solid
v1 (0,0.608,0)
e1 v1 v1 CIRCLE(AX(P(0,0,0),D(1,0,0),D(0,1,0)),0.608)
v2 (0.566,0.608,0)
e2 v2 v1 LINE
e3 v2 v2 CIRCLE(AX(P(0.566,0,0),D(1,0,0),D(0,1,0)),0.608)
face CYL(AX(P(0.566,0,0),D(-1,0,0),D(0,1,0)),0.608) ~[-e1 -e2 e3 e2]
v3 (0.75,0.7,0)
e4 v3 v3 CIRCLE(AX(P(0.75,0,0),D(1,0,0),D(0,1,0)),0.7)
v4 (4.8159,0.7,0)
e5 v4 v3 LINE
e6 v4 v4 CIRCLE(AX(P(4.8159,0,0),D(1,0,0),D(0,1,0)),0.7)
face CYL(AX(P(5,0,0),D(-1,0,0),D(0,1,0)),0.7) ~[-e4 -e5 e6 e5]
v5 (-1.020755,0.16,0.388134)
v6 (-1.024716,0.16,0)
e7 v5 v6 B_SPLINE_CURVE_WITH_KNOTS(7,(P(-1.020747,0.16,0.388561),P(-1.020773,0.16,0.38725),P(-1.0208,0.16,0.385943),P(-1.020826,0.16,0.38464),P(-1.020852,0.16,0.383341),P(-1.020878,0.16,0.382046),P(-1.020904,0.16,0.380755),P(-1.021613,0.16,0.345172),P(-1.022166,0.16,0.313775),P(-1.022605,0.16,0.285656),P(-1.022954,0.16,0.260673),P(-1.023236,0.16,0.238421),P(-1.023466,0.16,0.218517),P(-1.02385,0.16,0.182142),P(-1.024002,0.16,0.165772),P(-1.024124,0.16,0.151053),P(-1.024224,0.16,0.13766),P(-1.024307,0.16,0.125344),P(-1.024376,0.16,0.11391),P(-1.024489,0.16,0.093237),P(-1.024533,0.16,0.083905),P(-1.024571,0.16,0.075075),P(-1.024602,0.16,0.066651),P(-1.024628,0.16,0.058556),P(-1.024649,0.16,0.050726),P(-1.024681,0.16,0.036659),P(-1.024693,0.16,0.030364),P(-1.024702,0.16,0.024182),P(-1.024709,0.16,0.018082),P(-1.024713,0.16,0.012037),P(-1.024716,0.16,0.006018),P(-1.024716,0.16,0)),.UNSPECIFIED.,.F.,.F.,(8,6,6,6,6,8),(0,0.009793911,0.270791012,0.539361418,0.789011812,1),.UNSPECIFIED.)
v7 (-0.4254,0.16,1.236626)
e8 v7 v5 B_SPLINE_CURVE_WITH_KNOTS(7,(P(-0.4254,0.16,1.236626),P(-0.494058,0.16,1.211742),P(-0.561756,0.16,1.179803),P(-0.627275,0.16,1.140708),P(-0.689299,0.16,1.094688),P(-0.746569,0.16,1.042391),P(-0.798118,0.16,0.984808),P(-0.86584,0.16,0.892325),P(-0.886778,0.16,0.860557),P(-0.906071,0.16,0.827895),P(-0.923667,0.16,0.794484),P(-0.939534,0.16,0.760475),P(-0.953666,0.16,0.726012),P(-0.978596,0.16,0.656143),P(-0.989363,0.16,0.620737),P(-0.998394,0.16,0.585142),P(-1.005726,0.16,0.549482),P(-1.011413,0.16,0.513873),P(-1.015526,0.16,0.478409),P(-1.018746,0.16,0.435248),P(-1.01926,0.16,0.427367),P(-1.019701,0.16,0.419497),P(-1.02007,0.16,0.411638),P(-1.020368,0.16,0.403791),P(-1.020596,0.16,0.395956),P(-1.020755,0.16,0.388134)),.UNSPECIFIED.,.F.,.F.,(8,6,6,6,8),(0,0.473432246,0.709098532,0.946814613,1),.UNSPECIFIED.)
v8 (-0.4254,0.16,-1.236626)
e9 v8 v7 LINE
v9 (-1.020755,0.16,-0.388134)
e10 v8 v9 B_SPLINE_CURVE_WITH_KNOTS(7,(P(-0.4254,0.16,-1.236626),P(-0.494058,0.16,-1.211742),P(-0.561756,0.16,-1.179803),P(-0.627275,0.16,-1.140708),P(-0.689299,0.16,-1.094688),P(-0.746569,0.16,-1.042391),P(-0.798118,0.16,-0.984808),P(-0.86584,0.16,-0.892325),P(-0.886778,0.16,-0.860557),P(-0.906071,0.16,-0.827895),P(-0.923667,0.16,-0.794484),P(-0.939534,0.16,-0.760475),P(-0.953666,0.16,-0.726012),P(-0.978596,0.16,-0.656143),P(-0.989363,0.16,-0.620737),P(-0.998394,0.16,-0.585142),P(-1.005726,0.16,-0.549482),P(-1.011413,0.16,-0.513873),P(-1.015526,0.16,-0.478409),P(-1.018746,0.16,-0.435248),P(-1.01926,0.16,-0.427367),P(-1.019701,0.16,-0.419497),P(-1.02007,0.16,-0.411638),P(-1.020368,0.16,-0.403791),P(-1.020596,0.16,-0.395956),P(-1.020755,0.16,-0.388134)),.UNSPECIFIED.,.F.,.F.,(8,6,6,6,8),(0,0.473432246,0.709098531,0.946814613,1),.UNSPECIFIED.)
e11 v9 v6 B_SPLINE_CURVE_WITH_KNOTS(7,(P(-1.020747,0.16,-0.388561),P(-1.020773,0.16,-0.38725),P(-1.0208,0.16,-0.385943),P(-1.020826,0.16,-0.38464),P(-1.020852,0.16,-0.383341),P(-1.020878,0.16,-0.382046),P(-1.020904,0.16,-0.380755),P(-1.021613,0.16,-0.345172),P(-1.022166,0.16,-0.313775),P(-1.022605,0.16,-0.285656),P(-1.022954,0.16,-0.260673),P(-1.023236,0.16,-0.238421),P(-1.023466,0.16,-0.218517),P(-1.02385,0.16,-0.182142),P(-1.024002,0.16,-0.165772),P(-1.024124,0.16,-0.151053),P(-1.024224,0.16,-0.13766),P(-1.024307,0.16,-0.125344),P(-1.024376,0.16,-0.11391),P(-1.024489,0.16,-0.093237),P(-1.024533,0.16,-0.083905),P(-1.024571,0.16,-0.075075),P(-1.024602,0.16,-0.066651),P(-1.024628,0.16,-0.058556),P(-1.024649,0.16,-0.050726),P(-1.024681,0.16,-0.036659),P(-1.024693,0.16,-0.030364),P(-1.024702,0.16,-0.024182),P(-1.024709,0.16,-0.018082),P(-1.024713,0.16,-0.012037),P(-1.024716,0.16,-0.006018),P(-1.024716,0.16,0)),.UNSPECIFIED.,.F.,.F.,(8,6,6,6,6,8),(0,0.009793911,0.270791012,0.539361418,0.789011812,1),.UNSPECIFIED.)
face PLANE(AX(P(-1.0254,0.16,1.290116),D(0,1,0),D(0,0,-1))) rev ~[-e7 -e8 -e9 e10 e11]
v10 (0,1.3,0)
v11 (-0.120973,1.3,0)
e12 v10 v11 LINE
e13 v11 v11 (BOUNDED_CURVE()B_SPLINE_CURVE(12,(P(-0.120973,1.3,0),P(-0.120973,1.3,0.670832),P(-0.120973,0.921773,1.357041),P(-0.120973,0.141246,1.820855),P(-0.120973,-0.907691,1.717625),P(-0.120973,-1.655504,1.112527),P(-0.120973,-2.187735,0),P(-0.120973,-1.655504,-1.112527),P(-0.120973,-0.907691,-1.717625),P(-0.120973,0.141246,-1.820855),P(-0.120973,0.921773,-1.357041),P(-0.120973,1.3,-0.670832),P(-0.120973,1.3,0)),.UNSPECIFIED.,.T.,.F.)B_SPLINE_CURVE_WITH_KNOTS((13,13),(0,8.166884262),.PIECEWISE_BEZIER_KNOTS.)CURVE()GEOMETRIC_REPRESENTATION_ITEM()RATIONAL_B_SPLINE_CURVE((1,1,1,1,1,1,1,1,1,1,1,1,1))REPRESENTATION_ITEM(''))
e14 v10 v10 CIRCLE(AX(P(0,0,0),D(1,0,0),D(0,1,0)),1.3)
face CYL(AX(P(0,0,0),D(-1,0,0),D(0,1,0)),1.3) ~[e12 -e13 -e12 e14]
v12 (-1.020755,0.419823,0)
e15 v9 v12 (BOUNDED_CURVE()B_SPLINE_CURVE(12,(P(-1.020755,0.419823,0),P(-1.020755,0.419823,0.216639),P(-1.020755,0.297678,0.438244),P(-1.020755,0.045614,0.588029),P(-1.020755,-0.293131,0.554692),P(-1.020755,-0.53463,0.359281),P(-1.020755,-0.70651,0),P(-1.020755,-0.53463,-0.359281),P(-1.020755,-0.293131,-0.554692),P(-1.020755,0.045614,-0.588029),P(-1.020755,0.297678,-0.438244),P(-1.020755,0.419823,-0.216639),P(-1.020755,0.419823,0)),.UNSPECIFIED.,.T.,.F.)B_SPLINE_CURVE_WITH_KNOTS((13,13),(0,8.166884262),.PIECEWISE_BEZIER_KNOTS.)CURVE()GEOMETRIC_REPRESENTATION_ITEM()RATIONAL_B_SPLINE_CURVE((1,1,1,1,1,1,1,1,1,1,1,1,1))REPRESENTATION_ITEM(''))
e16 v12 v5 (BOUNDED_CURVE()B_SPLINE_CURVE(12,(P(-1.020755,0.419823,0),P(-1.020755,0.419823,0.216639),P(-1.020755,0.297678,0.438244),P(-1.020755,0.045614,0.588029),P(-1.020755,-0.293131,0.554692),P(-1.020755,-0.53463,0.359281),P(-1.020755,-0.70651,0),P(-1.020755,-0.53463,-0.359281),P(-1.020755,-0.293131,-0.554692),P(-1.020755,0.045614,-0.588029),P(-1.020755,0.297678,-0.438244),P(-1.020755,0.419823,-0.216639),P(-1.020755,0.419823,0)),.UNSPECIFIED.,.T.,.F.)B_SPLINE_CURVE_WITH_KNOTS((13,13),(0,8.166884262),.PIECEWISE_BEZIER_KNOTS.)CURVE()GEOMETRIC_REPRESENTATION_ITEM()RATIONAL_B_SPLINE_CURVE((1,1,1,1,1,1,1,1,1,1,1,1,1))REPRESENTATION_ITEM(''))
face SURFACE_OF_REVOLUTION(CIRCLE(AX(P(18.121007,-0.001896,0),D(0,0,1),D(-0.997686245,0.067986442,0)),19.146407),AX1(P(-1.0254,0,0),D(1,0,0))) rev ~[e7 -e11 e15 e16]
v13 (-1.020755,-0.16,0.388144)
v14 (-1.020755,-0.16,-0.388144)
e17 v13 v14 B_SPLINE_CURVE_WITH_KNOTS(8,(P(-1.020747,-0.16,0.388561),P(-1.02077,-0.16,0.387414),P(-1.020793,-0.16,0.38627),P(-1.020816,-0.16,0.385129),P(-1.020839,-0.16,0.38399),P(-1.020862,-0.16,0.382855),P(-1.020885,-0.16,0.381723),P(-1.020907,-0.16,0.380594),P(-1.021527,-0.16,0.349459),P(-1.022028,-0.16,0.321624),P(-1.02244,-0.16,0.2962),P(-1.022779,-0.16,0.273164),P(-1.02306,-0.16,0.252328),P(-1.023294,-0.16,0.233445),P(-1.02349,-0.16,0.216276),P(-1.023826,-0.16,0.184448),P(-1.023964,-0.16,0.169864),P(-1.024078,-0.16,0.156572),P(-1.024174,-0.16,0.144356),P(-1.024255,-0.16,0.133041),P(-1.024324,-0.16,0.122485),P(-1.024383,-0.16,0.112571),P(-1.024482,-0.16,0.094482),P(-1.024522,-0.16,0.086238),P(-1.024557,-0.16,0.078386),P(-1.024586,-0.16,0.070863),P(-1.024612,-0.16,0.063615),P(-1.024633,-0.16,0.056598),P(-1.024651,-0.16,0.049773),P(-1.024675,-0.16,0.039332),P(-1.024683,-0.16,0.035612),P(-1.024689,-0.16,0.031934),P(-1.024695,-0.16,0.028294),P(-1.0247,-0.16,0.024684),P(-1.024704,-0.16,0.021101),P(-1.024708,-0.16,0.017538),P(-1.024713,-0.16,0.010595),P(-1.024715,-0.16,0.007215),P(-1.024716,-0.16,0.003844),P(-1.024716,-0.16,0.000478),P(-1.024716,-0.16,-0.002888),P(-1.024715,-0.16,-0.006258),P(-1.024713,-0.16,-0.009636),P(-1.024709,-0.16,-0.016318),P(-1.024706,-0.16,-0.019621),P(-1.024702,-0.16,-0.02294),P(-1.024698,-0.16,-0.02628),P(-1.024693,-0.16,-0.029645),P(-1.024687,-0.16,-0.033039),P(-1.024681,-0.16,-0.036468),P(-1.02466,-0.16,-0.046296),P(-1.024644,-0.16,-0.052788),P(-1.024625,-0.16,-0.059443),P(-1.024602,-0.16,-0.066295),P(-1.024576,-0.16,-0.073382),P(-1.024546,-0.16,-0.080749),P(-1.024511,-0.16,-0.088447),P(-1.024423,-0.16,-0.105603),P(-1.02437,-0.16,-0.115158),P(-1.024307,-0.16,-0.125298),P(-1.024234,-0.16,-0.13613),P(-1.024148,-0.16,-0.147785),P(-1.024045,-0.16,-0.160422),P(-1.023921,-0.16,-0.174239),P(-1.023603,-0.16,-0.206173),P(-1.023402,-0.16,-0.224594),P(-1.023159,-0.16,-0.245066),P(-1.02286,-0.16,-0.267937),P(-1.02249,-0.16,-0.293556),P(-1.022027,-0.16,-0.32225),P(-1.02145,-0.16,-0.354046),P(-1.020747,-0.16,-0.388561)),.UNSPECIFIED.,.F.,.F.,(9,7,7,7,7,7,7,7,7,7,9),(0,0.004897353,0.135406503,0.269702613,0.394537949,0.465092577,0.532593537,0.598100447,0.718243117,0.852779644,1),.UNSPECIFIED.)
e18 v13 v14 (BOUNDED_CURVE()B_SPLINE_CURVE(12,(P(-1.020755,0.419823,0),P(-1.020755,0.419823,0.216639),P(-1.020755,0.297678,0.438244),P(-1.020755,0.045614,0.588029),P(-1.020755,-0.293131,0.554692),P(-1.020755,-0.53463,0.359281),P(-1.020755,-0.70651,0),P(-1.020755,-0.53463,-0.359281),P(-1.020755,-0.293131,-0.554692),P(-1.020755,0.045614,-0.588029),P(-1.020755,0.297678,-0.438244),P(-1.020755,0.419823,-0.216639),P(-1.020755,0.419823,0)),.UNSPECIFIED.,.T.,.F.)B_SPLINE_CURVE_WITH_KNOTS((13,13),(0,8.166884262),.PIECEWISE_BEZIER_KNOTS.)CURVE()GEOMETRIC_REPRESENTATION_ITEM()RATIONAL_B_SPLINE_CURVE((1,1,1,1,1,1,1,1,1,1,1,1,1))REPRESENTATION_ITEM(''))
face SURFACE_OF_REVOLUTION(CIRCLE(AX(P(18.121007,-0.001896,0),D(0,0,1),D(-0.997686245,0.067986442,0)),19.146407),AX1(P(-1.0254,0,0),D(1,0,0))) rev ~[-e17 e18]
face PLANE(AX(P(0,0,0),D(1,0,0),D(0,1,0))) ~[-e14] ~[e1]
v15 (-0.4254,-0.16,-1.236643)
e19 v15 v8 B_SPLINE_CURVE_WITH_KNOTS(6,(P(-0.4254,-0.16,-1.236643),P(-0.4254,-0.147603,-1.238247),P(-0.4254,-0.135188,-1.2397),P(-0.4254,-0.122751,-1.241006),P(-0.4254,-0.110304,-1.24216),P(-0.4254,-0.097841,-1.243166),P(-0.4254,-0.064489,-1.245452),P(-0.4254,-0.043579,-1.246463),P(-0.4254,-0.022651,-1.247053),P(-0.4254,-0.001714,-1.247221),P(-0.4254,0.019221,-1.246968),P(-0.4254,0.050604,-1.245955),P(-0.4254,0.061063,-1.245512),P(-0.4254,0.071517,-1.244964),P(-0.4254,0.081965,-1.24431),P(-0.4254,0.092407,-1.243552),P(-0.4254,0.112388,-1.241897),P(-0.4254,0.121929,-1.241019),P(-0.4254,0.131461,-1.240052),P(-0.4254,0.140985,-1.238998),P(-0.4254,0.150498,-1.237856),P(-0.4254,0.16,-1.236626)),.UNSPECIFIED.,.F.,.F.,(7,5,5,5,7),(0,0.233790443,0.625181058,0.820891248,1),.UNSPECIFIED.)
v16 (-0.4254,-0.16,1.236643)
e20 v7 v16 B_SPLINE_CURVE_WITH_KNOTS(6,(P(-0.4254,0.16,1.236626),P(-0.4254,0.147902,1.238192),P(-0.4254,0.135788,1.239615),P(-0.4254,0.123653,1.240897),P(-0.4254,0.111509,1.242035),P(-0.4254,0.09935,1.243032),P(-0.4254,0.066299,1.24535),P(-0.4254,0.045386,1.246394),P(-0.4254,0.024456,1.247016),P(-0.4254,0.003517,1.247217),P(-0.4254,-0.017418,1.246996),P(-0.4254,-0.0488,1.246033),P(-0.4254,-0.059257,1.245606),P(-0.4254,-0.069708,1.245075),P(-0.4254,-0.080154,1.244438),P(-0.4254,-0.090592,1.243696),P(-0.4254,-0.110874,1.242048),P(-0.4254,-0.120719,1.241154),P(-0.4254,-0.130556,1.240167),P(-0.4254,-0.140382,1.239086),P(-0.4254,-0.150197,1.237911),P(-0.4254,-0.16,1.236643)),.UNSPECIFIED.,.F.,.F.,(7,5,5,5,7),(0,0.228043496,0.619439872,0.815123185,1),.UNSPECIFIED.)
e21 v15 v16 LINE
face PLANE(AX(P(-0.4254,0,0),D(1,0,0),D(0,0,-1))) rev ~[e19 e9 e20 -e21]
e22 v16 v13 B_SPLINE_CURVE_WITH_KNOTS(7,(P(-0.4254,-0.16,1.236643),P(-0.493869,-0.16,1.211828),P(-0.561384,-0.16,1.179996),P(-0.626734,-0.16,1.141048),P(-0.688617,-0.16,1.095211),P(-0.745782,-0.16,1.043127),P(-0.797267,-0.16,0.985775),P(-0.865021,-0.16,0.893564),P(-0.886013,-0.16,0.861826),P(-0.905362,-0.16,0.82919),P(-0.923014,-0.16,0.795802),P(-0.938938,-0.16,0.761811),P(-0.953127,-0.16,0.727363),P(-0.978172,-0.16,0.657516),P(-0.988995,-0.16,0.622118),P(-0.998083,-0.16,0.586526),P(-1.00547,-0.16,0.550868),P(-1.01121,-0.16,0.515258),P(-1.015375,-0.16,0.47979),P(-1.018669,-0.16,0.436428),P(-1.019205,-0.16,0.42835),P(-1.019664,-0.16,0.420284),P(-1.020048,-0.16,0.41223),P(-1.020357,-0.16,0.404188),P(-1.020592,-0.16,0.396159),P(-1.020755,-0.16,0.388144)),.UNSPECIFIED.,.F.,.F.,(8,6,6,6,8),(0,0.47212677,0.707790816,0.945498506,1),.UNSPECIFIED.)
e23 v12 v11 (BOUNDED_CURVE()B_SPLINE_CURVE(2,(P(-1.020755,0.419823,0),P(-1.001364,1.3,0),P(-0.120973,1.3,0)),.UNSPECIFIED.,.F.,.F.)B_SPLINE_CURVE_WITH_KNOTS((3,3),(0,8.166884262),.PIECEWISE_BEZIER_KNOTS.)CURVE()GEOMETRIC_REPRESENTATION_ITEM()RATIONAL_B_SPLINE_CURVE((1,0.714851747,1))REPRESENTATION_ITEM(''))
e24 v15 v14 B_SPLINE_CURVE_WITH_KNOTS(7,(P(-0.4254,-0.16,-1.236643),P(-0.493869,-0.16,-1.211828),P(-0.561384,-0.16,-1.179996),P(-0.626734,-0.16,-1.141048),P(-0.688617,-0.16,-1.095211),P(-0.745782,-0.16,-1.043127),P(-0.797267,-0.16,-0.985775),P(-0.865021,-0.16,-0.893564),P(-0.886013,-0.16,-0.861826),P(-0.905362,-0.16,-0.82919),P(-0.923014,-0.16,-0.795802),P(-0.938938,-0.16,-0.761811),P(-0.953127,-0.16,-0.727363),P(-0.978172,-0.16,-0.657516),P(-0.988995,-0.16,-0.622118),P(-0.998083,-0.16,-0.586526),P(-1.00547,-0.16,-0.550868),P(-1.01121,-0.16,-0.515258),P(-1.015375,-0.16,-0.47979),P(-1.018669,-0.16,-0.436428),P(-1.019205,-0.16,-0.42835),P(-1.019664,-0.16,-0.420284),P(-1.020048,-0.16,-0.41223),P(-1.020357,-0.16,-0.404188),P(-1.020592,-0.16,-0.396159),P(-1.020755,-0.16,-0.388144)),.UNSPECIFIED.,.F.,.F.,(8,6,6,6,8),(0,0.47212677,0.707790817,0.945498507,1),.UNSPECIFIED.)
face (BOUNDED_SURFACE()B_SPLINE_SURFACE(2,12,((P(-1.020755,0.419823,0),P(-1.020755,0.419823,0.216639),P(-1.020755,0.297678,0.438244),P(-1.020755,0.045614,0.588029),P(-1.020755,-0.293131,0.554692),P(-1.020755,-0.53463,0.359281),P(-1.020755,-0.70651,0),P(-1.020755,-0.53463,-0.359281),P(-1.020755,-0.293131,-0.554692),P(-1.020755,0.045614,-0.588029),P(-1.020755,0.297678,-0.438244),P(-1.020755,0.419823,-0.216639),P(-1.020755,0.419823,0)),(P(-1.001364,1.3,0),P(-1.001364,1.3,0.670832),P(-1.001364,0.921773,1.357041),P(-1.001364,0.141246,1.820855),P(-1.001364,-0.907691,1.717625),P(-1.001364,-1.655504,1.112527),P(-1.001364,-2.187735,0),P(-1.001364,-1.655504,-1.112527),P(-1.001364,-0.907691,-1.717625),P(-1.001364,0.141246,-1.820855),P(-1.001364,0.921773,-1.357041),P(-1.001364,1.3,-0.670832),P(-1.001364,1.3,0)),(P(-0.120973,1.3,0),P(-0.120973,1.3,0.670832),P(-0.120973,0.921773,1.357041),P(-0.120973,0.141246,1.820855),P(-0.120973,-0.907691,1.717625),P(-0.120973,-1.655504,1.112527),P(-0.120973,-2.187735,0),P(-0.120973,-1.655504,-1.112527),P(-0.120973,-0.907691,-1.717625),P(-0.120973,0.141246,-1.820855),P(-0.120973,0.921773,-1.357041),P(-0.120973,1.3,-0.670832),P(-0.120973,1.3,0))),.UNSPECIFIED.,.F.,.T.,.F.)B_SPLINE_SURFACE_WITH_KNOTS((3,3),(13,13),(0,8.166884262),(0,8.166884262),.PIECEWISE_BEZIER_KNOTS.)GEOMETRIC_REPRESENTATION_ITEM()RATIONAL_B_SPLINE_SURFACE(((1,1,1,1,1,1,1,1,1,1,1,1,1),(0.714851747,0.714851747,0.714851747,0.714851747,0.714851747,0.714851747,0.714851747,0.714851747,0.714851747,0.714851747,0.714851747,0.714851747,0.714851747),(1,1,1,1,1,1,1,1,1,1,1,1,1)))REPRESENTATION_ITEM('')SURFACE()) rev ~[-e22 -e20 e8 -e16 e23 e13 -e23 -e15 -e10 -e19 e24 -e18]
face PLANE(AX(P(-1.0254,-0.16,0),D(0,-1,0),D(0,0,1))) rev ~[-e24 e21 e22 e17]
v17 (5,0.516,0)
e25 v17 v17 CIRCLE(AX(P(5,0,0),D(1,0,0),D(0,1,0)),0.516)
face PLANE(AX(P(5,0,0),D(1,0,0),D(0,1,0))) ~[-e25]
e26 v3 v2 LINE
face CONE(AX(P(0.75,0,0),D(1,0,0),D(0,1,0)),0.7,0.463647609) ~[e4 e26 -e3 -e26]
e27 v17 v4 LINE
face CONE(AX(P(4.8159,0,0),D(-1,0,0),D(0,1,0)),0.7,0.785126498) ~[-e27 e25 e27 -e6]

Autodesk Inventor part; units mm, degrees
ref_plane "YZ Plane" through (0, 0, 0) normal (1, 0, 0) x (0, 1, 0)
sketch "Sketch1" plane through (0, 0, 0) normal (0, 0, 1) x (1, 0, 0)
  line L0 (-1.0254, 0) -> (5, 0)
  line L1 (5, 0) -> (5, 0.7)
  line L2 (5, 0.7) -> (0.75, 0.7)
  line L3 (0.75, 0.7) -> (0.566, 0.608)
  line L4 (0.566, 0.608) -> (0, 0.608)
  line L5 (0, 0.608) -> (0, 1.3)
  line L6 (-4.8605, 0) -> (21.908, 0) projected
  line L7 (0, -0.26) -> (0, 1.5602) projected
  line L8 (0, 1.3) -> (-0.9811, 1.2998)
  arc A0 (-0.9811, 1.2998) -> (-1.0254, 0) centre (18.0839, 0) ccw
  dimension "d0" = 5
  dimension "d1" = 4.25
  dimension "d2" = 0.184
  dimension "d3" = 1.0254
  dimension "d4" = 1.4
  dimension "d5" = 1.216
  dimension "d9" = 2.6
  dimension "d10" = 0.01
  dimension "d15" = 19.1093
revolve "Body" add sketch "Sketch1" angle 360 about axis through (-1.0254, 0, 0) along (1, 0, 0)
fillet "Fillet1" radius 0.9 1 edges at (-0.9811, -1.2998, 0)
ref_plane "IDS_WORKPLANE{1}" through (-1.0254, 0, 0) normal (1, 0, 0) x (0, 0, -1)
sketch "Sketch2" plane through (-1.0254, 0, 0) normal (1, 0, 0) x (0, 0, -1)
  line L0 (0, -1.82) -> (0, 1.82) projected
  line L1 (1.82, 0) -> (-1.82, 0) projected
  line L2 (-1.3, 0.16) -> (1.3, 0.16)
  line L3 (1.3, 0.16) -> (1.3, -0.16)
  line L4 (1.3, -0.16) -> (-1.3, -0.16)
  line L5 (-1.3, -0.16) -> (-1.3, 0.16)
  line L6 (0, 0.16) -> (0, -0.16) construction
  line L7 (-1.3, 0) -> (1.3, 0) construction
  circle A0 centre (0, 0) radius 1.3 projected
  dimension "d17" = 0.32
extrude "Slot" cut sketch "Sketch2" along normal blind 0.6 contours L4 A0 L1 L0 | L0 L1 A0 L4 | L4 L5 A0 | A0 L3 L4 | L1 A0 L2 L0 | L0 L2 A0 L1 | L5 L2 A0 | A0 L2 L3
thread "Thread" size "M1.4x0.3" class "6g" standard "ISO Metric profile" length 4.25
chamfer "Chamfer1" distance 0.184 distance2 0.1841 1 edges at (5, -0.7, 0) measured on face at (5, 0.4293, -0.1327)
ref_plane "Work Plane2" through (8.25, 0, 0) normal (0, 0, -1) x (1, 0, 0)
equation "\"d17\" = SBR"
equation "\"d18\" = STI"
equation "\"d20\" = RR"
equation "\"d11\" = GEL"
equation "\"d13\" = -0.5 * SPD + 0.5 * GD"
equation "\"d0\" = NLG"
equation "\"d1\" = GEL"
equation "\"d2\" = GAL"
equation "\"d3\" = KOH"
equation "\"d4\" = GD"
equation "\"d5\" = BDM"
equation "\"d9\" = KOD"
equation "\"d10\" = KEWI"
equation "\"GD\" = NND"
equation "\"NLG\" = 5"
equation "\"GEL\" = 4.25"
equation "\"KOD\" = 2.6"
equation "\"KOH\" = 1.02539"
equation "\"GAL\" = 0.61345 * PTC"
equation "\"SPD\" = NND - 1.2269 * PTC"
equation "\"BDM\" = 1.216"
equation "\"GUL\" = 0.61345 * PTC"
equation "\"RR\" = 0.9"
equation "\"SBR\" = 0.32"
equation "\"STI\" = 0.6"
equation "\"KEWI\" = 0.01deg"
equation "\"KR\" = 1.6"
equation "\"d16\" = -KOH"
equation "\"PTC\" = 0.3"
equation "\"THREADDIA\" = 1.4"
equation "\"TOA\" = 30deg"
equation "\"NND\" = 1.4"
equation "\"ORI\" = 0.9"
equation "\"GD1\" = THREADDIA - 1.2269 * PTC"
properties part number "CNS 9671 - M1,4 x 5" material "Steel, Mild"
